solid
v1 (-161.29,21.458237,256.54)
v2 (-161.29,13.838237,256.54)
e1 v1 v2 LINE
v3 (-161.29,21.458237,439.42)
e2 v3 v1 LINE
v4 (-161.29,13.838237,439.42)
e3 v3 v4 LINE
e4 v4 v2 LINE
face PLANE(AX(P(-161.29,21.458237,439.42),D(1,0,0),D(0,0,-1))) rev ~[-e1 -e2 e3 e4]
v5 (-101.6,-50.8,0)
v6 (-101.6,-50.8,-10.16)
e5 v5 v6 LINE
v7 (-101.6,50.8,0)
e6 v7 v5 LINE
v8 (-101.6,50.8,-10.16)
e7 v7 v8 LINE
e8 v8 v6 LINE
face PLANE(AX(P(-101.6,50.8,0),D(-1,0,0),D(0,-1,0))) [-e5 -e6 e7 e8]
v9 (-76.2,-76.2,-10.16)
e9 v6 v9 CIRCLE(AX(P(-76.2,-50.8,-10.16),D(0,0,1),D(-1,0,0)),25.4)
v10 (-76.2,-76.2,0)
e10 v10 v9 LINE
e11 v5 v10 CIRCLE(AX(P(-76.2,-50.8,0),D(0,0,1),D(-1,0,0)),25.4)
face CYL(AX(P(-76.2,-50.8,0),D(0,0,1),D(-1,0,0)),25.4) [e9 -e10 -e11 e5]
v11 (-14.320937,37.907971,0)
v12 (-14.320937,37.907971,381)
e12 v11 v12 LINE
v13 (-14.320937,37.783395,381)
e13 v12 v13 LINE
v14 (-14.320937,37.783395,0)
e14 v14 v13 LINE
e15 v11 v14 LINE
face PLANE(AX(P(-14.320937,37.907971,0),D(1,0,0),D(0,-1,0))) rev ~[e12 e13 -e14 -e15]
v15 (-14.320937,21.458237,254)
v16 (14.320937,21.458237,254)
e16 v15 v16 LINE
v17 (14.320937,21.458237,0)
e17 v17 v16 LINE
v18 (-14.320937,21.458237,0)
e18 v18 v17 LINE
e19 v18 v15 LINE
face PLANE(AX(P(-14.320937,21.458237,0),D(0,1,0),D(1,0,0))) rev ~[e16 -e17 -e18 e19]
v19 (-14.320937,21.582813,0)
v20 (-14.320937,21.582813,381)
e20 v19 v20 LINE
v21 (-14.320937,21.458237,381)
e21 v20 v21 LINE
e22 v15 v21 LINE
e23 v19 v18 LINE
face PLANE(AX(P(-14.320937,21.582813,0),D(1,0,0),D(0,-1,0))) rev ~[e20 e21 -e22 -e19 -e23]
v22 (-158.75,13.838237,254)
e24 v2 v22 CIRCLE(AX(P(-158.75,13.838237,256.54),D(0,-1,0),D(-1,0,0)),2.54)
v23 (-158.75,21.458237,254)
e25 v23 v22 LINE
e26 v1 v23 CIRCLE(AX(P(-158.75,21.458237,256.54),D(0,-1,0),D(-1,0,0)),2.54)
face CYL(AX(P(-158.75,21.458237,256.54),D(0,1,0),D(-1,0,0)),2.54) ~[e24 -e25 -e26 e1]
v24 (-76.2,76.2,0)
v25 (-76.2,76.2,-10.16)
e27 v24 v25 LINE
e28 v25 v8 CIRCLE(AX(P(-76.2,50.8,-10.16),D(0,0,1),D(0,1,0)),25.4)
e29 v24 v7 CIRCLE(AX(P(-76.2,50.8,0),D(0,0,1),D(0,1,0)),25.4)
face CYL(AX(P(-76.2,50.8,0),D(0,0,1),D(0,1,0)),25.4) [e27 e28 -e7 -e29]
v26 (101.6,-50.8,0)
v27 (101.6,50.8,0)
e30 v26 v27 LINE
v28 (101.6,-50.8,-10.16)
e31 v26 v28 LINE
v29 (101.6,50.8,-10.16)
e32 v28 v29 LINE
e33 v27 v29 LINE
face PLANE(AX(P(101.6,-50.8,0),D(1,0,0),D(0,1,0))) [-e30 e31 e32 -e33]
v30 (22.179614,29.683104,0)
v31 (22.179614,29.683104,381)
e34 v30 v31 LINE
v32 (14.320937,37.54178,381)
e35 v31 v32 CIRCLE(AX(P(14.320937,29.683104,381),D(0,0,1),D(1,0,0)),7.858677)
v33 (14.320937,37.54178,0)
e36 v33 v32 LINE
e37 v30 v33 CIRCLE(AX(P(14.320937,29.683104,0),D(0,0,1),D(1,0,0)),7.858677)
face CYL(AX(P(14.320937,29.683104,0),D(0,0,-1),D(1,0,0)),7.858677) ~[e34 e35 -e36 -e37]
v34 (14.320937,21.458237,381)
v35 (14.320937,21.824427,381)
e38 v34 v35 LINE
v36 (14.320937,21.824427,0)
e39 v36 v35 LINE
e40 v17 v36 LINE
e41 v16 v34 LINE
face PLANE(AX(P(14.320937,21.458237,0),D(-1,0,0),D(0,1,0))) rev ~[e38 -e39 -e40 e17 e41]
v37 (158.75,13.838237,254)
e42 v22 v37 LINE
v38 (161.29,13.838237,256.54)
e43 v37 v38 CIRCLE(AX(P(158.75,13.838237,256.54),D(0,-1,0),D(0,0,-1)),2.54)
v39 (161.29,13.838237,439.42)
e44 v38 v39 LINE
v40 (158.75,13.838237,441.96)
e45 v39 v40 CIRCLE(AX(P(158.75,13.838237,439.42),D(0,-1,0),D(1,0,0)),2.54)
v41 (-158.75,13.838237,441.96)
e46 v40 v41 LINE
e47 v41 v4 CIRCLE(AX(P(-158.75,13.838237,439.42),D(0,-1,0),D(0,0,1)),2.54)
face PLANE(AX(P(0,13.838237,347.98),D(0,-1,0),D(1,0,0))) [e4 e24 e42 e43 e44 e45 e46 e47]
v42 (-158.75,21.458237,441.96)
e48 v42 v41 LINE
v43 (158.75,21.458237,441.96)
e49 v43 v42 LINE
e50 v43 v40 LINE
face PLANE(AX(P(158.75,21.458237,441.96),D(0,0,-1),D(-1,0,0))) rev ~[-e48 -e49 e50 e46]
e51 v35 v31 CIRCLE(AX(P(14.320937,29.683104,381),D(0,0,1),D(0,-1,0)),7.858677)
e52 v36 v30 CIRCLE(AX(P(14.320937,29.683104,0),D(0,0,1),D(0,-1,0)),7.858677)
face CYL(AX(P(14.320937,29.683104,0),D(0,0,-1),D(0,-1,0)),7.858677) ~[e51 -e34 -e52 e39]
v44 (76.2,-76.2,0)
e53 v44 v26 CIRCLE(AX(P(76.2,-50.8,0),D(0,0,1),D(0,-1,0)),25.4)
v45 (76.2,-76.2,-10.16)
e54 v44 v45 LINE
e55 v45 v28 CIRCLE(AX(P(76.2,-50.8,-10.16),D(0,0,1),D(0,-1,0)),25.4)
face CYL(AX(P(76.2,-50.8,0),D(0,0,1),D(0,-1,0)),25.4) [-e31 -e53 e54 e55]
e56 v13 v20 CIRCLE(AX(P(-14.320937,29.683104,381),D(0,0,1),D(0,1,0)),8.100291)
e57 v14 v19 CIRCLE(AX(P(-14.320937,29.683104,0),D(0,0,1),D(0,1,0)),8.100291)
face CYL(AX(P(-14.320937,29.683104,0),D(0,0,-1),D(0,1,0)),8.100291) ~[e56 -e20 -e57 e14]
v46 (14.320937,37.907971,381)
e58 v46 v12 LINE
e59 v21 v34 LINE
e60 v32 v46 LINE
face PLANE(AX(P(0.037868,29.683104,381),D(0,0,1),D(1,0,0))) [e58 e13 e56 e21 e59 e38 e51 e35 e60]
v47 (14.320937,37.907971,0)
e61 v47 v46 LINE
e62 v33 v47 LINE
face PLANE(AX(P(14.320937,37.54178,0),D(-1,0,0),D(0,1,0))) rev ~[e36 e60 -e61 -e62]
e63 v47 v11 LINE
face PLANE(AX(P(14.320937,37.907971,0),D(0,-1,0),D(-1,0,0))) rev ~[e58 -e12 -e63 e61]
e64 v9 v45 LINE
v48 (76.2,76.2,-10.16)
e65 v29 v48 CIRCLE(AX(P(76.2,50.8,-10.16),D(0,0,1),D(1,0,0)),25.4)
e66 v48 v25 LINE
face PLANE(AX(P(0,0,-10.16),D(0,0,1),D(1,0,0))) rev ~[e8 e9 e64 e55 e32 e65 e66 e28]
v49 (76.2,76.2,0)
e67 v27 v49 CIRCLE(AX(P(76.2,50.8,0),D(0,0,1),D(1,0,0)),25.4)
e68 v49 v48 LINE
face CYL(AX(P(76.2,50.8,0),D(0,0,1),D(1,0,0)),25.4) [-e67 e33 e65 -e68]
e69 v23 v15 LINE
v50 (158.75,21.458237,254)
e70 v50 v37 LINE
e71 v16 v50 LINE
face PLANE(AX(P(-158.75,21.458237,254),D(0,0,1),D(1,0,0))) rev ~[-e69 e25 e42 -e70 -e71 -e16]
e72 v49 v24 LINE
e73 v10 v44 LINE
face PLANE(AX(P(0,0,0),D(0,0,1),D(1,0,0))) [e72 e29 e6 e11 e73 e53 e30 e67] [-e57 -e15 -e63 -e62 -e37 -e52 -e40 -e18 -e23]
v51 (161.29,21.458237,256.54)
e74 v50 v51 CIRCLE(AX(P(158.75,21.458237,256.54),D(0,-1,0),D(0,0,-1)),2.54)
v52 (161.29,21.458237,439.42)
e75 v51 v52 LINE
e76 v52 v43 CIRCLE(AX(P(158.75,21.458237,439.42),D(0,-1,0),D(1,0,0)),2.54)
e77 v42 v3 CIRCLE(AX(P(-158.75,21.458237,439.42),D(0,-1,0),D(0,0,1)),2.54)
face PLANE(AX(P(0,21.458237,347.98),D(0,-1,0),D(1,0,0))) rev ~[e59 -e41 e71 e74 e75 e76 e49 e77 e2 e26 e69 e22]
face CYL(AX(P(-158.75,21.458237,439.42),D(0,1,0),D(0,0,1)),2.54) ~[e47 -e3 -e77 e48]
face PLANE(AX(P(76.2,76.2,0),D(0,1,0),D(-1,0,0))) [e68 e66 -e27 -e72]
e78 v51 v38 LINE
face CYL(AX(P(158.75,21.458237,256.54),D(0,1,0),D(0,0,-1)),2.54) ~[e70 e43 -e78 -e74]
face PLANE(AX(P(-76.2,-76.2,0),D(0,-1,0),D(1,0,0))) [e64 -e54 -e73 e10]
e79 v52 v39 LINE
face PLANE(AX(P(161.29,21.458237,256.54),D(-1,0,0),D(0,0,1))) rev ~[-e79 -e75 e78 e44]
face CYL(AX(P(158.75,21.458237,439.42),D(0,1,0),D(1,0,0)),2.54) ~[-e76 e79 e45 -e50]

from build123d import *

# Parameters (mm, degrees)
F1_DEPTH = 10.16
F3_DEPTH = 381
F5_DEPTH = 7.62


with BuildPart() as f1:
    # F0 (on Top) → F1 (new body)
    with BuildSketch(Plane.XY):
        with BuildLine():
            Line((-76.2, -76.2), (76.2, -76.2))
            ThreePointArc((76.2, -76.2), (94.1605122421, -68.7605122421), (101.6, -50.8))
            Line((101.6, -50.8), (101.6, 50.8))
            ThreePointArc((101.6, 50.8), (94.1605122421, 68.7605122421), (76.2, 76.2))
            Line((76.2, 76.2), (-76.2, 76.2))
            ThreePointArc((-76.2, 76.2), (-94.1605122421, 68.7605122421), (-101.6, 50.8))
            Line((-101.6, 50.8), (-101.6, -50.8))
            ThreePointArc((-101.6, -50.8), (-94.1605122421, -68.7605122421), (-76.2, -76.2))
        make_face()
    extrude(amount=-F1_DEPTH)

    # F2 (on face) → F3 (join)
    with BuildSketch(Plane.XY):
        with BuildLine():
            Line((-14.3209369853, 21.4582365006), (14.3209369853, 21.4582365006))
            Line((14.3209369853, 21.4582365006), (14.3209369853, 21.8244272492))
            ThreePointArc((14.3209369853, 21.8244272492), (6.4622604496, 29.6831037849), (14.3209369853, 37.5417803207))
            Line((14.3209369853, 37.5417803207), (14.3209369853, 37.9079710692))
            Line((14.3209369853, 37.9079710692), (-14.3209369853, 37.9079710692))
            Line((-14.3209369853, 37.9079710692), (-14.3209369853, 37.7833950656))
            ThreePointArc((-14.3209369853, 37.7833950656), (-8.5931660912, 35.410874679), (-6.2206457047, 29.6831037849))
            ThreePointArc((-6.2206457047, 29.6831037849), (-8.5931660912, 23.9553328908), (-14.3209369853, 21.5828125043))
            Line((-14.3209369853, 21.5828125043), (-14.3209369853, 21.4582365006))
        make_face()
        with BuildLine():
            ThreePointArc((14.3209369853, 37.5417803207), (6.4622604496, 29.6831037849), (14.3209369853, 21.8244272492))
            Line((14.3209369853, 21.8244272492), (14.3209369853, 37.5417803207))
        make_face()
        with BuildLine():
            Line((14.3209369853, 37.5417803207), (14.3209369853, 21.8244272492))
            ThreePointArc((14.3209369853, 21.8244272492), (19.8778604549, 24.1261803153), (22.1796135211, 29.6831037849))
            ThreePointArc((22.1796135211, 29.6831037849), (19.8778604549, 35.2400272545), (14.3209369853, 37.5417803207))
        make_face()
        with BuildLine():
            ThreePointArc((-14.3209369853, 37.7833950656), (-22.4212282659, 29.6831037849), (-14.3209369853, 21.5828125043))
            Line((-14.3209369853, 21.5828125043), (-14.3209369853, 37.7833950656))
        make_face()
        with BuildLine():
            Line((-14.3209369853, 37.7833950656), (-14.3209369853, 21.5828125043))
            ThreePointArc((-14.3209369853, 21.5828125043), (-8.5931660912, 23.9553328908), (-6.2206457047, 29.6831037849))
            ThreePointArc((-6.2206457047, 29.6831037849), (-8.5931660912, 35.410874679), (-14.3209369853, 37.7833950656))
        make_face()
    extrude(amount=F3_DEPTH)

    # F4 (on face) → F5 (join)
    with BuildSketch(Plane.XZ.offset(-21.4582365006)):
        with BuildLine():
            Line((-158.75, 254), (158.75, 254))
            ThreePointArc((158.75, 254), (160.5460512242, 254.7439487758), (161.29, 256.54))
            Line((161.29, 256.54), (161.29, 439.42))
            ThreePointArc((161.29, 439.42), (160.5460512242, 441.2160512242), (158.75, 441.96))
            Line((158.75, 441.96), (-158.75, 441.96))
            ThreePointArc((-158.75, 441.96), (-160.5460512242, 441.2160512242), (-161.29, 439.42))
            Line((-161.29, 439.42), (-161.29, 256.54))
            ThreePointArc((-161.29, 256.54), (-160.5460512242, 254.7439487758), (-158.75, 254))
        make_face()
    extrude(amount=F5_DEPTH)


solid = f1.part
